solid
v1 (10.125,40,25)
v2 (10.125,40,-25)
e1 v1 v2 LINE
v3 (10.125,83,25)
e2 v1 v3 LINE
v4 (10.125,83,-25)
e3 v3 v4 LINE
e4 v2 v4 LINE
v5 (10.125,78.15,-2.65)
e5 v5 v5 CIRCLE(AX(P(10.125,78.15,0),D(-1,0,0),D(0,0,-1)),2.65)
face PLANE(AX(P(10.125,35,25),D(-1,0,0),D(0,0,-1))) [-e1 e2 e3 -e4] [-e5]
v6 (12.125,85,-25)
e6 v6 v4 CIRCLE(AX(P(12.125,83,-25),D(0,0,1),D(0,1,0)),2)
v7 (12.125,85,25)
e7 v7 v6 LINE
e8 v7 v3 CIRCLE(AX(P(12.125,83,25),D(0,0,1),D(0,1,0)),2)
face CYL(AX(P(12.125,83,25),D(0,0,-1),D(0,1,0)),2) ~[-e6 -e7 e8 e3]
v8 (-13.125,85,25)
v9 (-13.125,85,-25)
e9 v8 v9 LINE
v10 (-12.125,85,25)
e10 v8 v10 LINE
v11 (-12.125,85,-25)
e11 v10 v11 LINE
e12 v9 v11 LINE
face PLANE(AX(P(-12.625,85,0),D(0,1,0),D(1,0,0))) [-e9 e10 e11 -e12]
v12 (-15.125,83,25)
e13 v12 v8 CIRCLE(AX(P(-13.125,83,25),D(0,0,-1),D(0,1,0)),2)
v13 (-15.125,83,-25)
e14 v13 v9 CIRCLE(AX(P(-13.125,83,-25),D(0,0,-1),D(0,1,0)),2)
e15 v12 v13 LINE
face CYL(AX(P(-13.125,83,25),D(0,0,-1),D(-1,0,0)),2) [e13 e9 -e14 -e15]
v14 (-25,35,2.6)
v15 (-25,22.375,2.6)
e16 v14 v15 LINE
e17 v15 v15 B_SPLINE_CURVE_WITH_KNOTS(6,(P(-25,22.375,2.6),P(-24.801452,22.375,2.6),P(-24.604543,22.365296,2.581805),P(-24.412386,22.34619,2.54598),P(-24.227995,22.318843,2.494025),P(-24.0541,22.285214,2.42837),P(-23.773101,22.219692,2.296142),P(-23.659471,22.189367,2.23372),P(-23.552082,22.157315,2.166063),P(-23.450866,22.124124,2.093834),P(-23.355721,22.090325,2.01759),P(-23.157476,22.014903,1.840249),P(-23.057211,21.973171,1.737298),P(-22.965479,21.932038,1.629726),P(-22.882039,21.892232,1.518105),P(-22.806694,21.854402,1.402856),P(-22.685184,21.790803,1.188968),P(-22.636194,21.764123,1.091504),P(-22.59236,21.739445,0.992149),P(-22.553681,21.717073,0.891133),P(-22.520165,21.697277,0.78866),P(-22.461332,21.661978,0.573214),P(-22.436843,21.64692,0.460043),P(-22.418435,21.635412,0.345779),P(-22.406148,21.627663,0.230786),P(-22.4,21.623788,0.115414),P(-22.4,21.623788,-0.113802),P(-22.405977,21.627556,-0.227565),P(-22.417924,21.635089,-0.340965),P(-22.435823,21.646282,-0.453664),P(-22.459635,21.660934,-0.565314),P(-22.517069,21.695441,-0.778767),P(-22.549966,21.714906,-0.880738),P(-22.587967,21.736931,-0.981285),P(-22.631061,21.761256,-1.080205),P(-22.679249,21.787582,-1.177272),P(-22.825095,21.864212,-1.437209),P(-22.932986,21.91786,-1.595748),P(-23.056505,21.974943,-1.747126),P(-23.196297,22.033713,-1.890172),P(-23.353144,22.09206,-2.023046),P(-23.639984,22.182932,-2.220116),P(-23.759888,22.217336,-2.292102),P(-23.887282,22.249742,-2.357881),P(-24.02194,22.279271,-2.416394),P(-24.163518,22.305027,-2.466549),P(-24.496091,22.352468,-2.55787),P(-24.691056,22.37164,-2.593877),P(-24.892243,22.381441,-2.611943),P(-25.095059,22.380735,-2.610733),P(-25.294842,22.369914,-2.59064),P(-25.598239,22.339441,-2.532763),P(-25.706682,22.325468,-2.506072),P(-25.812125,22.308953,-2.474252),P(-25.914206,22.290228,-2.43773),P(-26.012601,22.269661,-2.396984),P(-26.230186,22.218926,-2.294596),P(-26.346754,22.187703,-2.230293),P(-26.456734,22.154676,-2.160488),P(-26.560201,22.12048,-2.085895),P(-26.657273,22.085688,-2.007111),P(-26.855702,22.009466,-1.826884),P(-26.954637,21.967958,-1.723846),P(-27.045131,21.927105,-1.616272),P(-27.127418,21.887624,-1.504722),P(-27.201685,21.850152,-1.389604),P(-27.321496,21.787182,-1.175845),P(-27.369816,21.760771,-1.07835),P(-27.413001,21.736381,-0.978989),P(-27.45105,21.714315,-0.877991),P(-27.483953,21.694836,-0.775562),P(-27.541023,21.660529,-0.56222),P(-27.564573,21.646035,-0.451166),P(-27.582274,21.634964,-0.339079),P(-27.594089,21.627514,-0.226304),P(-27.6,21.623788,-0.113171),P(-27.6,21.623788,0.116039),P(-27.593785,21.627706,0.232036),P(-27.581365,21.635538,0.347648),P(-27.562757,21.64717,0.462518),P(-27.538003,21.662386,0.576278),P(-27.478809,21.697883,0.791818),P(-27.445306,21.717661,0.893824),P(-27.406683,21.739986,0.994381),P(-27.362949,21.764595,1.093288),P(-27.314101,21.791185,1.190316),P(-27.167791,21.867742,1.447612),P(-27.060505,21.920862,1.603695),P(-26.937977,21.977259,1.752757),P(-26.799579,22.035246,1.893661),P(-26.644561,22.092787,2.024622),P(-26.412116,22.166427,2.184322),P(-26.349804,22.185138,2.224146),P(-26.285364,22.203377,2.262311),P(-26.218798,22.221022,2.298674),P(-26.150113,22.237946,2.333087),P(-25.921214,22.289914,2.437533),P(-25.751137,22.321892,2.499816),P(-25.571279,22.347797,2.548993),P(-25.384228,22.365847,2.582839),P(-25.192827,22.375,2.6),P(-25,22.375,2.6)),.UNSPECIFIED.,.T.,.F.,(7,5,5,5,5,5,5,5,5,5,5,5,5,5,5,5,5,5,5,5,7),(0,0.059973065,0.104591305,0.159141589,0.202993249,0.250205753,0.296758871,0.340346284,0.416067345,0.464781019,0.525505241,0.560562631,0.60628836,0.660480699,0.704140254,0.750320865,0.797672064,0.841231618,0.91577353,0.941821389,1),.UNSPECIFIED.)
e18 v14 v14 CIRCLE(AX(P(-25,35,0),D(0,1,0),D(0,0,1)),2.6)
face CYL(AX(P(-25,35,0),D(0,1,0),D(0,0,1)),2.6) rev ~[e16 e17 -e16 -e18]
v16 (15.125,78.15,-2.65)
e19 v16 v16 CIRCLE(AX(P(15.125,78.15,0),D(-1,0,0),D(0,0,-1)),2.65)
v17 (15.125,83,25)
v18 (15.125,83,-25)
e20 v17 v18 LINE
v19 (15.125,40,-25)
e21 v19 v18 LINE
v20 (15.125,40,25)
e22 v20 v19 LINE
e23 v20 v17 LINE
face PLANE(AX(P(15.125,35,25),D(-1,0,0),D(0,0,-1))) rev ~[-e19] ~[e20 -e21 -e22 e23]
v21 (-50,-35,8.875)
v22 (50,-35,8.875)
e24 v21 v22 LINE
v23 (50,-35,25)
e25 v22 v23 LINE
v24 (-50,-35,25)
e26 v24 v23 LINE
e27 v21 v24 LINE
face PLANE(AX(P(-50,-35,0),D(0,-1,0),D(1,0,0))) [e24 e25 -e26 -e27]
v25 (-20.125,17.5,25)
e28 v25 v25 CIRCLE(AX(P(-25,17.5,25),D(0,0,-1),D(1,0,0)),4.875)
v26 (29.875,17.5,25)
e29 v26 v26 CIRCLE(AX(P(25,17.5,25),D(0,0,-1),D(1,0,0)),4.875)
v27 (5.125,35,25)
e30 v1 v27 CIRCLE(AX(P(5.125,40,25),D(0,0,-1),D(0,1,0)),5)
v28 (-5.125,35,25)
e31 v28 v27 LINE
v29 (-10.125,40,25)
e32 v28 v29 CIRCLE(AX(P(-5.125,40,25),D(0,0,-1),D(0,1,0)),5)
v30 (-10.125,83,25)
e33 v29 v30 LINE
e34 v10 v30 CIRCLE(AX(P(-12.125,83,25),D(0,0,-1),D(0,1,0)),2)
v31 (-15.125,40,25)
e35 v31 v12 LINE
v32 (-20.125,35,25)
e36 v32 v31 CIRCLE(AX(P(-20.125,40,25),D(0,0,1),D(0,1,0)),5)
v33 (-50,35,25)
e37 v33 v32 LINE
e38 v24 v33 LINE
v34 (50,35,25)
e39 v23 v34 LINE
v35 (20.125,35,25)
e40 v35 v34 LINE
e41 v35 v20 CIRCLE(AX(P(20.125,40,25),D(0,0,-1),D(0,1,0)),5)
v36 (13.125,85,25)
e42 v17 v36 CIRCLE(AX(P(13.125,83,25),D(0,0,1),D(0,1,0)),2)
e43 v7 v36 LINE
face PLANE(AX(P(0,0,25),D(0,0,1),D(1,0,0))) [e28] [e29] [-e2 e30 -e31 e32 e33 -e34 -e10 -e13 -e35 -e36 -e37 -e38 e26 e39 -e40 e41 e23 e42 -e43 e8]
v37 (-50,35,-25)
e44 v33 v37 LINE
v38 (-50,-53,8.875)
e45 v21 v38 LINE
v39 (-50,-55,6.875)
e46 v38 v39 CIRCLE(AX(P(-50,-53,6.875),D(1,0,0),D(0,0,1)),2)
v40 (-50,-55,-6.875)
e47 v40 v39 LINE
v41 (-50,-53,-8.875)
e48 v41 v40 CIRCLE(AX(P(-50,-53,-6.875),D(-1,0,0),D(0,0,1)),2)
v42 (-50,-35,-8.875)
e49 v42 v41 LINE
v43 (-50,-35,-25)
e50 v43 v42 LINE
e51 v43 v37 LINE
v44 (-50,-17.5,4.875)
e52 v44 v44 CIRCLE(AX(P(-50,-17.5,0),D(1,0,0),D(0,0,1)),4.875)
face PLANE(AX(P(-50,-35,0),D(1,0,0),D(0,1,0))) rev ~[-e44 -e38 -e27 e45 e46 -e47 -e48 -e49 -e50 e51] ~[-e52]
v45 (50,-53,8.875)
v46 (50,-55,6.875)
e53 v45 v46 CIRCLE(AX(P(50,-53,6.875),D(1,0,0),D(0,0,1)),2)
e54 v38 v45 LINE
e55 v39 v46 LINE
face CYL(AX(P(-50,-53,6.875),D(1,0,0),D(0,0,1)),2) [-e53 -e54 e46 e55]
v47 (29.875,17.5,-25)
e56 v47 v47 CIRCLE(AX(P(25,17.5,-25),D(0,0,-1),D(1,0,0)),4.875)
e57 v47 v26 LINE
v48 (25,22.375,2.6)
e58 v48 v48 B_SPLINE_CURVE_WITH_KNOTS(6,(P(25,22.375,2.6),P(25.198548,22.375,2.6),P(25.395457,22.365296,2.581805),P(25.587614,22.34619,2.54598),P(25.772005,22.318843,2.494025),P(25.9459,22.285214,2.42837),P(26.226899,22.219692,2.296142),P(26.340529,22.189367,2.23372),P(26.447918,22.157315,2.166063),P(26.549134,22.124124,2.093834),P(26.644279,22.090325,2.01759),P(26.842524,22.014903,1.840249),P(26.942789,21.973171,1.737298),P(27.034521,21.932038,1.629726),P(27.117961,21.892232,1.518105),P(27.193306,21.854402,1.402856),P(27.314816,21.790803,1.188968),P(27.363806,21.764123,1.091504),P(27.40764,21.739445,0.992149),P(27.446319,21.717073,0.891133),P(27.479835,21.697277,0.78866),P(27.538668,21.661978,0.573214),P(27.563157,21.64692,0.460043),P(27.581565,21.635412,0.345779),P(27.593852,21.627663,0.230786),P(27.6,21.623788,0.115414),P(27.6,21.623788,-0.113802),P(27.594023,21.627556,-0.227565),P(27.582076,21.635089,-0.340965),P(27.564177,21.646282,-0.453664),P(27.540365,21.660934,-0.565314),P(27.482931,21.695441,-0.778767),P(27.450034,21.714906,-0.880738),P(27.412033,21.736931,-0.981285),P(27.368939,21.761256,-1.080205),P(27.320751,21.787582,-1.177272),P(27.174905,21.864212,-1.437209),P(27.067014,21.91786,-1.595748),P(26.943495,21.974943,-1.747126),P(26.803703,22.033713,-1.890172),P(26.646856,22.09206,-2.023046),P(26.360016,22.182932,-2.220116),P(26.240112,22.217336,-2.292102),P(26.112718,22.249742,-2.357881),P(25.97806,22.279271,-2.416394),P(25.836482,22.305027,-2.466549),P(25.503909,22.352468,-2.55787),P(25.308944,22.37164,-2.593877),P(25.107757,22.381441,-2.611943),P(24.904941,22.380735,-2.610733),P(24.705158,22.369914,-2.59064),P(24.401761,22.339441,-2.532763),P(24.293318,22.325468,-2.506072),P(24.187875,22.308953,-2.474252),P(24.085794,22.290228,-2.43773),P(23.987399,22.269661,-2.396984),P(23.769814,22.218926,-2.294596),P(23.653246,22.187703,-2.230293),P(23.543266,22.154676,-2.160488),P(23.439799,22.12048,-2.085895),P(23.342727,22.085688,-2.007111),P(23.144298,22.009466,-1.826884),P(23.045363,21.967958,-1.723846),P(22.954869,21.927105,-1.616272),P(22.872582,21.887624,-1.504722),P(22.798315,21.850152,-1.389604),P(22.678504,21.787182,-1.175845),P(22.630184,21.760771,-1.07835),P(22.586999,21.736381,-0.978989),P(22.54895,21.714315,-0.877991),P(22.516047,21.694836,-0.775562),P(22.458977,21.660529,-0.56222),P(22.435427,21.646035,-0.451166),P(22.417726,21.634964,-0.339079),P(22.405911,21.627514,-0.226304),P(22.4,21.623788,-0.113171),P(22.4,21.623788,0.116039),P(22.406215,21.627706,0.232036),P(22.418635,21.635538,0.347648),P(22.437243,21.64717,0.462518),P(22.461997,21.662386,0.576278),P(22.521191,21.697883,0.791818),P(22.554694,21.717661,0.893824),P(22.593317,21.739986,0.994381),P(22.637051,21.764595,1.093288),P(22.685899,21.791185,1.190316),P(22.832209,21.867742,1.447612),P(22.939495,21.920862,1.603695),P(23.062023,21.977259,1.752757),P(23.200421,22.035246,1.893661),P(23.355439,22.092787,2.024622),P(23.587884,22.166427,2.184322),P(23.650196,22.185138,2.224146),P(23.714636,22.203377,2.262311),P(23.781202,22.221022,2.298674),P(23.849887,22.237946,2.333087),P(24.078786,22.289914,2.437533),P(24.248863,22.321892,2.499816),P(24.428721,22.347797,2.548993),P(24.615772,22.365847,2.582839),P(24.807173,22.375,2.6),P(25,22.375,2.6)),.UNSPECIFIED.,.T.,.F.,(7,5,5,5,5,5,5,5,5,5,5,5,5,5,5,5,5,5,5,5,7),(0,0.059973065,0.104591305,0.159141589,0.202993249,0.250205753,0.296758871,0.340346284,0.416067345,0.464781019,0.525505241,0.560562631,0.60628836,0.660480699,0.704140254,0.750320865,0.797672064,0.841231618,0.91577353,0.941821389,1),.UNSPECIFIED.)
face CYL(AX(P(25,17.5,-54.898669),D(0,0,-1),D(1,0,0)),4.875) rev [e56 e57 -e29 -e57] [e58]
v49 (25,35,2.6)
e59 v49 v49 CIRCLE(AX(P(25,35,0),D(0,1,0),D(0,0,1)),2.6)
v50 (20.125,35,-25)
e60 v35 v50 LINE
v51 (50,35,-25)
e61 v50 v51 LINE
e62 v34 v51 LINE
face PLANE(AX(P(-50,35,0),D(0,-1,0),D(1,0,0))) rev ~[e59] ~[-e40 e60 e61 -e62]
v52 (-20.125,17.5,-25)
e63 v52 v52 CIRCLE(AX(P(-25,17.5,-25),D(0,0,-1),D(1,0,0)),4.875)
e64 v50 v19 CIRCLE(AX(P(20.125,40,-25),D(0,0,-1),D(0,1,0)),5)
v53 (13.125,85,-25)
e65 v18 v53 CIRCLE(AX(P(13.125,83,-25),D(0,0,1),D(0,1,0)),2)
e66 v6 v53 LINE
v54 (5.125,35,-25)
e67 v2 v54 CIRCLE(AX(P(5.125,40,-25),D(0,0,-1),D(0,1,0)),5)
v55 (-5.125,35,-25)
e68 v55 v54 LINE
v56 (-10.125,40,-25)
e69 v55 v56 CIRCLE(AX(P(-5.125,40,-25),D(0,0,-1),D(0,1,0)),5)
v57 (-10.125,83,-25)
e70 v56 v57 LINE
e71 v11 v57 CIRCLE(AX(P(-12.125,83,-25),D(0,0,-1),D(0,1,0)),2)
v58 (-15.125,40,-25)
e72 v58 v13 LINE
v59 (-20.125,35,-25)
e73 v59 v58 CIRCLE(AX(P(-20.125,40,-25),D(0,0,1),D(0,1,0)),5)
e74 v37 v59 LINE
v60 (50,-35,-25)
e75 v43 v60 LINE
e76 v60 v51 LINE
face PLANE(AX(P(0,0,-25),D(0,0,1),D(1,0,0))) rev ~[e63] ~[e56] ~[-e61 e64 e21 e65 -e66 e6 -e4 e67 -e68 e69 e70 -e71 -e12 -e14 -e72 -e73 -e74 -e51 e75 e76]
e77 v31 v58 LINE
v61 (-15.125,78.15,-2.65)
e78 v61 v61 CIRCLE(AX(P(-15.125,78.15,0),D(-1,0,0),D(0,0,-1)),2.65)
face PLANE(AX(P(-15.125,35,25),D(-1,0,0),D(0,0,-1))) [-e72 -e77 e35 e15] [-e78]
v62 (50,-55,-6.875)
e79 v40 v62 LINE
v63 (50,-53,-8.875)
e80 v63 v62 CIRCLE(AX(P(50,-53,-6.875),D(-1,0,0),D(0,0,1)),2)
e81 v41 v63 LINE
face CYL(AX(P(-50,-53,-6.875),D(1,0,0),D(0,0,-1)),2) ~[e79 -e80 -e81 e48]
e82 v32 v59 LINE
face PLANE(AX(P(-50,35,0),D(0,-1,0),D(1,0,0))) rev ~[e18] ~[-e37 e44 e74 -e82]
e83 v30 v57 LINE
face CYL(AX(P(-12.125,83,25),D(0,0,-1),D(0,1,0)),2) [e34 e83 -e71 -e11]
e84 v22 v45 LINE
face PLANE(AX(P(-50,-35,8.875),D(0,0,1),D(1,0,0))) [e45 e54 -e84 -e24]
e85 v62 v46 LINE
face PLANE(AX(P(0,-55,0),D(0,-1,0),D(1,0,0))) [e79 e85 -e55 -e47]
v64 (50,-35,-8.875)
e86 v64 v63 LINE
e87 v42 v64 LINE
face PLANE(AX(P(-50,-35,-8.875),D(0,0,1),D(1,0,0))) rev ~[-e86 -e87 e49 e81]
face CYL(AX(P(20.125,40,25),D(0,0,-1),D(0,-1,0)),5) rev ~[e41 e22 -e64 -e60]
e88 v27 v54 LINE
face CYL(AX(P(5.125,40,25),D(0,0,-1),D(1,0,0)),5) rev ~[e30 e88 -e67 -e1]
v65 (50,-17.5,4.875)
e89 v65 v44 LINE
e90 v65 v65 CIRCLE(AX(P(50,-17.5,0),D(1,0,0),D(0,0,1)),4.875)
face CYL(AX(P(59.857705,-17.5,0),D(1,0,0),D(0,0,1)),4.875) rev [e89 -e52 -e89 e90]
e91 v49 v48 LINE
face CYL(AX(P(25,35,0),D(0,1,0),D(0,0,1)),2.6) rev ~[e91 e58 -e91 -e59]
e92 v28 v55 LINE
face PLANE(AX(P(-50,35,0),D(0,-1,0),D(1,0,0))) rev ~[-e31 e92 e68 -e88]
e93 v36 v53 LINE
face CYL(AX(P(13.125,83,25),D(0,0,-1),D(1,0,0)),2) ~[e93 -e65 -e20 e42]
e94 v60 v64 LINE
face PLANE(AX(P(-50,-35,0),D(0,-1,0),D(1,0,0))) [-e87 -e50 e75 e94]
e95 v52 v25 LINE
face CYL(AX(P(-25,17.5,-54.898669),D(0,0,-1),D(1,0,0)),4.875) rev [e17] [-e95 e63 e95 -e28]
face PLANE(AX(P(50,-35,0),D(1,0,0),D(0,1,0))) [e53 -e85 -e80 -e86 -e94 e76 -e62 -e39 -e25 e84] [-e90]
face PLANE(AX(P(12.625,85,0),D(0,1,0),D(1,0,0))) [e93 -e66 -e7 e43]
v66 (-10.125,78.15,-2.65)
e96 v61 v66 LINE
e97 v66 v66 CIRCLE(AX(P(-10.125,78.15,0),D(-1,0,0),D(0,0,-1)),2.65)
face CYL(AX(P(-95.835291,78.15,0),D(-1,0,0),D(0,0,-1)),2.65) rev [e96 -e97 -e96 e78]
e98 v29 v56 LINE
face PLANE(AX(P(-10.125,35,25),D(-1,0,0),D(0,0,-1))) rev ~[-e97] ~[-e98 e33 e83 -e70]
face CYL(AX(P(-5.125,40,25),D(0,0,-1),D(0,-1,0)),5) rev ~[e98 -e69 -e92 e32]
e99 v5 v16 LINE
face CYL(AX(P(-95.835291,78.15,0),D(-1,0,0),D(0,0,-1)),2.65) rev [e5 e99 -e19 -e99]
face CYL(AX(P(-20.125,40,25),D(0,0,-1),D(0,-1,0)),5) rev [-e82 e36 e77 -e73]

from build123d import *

# Parameters (mm, degrees)
SKETCH1_W               = 100
SKETCH1_H               = 70
BOSS_EXTRUDE1_DEPTH     = 25
CUT_EXTRUDE1_DEPTH      = 79.89866919
CUT_EXTRUDE1_DEPTH_BACK = 79.89866919
SKETCH2_R               = 4.875
CUT_EXTRUDE2_DEPTH      = 109.857705285
CUT_EXTRUDE2_DEPTH_BACK = 109.857705285
SKETCH3_R               = 4.875
SKETCH4_R               = 2.6
CUT_EXTRUDE4_DEPTH      = 20
SKETCH5_W               = 100
SKETCH5_H               = 17.75
BOSS_EXTRUDE2_DEPTH     = 20
FILLET1_R               = 2
SKETCH6_W               = 5
SKETCH6_H               = 50
BOSS_EXTRUDE3_DEPTH     = 50
CUT_EXTRUDE5_DEPTH      = 110.960291151
CUT_EXTRUDE5_DEPTH_BACK = 110.960291151
SKETCH7_R               = 2.65
FILLET2_R               = 5
FILLET3_R               = 2


with BuildPart() as part:
    # Sketch1 → Boss-Extrude1 (new, symmetric)
    with BuildSketch(Plane.XY):
        Rectangle(SKETCH1_W, SKETCH1_H)
    extrude(amount=BOSS_EXTRUDE1_DEPTH, both=True)

    # Sketch2 → Cut-Extrude1 (cut, two sides: drawn at the far end of the back side and taken through both)
    with BuildSketch(Plane.XY.offset(25).offset(-CUT_EXTRUDE1_DEPTH_BACK)):
        with Locations((25, 17.5)):
            Circle(SKETCH2_R)
        with Locations((-25, 17.5)):
            Circle(SKETCH2_R)
    extrude(amount=CUT_EXTRUDE1_DEPTH + CUT_EXTRUDE1_DEPTH_BACK, mode=Mode.SUBTRACT)

    # Sketch3 → Cut-Extrude2 (cut, two sides: drawn at the far end of the back side and taken through both)
    with BuildSketch(Plane.ZY.offset(50).offset(-CUT_EXTRUDE2_DEPTH_BACK)):
        with Locations((0, -17.5)):
            Circle(SKETCH3_R)
    extrude(amount=CUT_EXTRUDE2_DEPTH + CUT_EXTRUDE2_DEPTH_BACK, mode=Mode.SUBTRACT)

    # Sketch4 → Cut-Extrude4 (cut)
    with BuildSketch(Plane(origin=(0, 35, 0), x_dir=(1, 0, 0), z_dir=(0, 1, 0))):
        with Locations(Location((-25, 0, 0), (0, 0, 270))):
            Circle(SKETCH4_R)
        with Locations(Location((25, 0, 0), (0, 0, 270))):
            Circle(SKETCH4_R)
    extrude(amount=-CUT_EXTRUDE4_DEPTH, mode=Mode.SUBTRACT)

    # Sketch5 → Boss-Extrude2 (add)
    with BuildSketch(Plane.XZ.offset(35)):
        Rectangle(SKETCH5_W, SKETCH5_H)
    extrude(amount=BOSS_EXTRUDE2_DEPTH)

    # Fillet1
    fillet1_edges = [part.edges().sort_by_distance(p)[0] for p in [
        (0, -55, 8.875),
        (0, -55, -8.875),
    ]]
    fillet(fillet1_edges, radius=FILLET1_R)

    # Sketch6 → Boss-Extrude3 (add)
    with BuildSketch(Plane(origin=(0, 35, 0), x_dir=(1, 0, 0), z_dir=(0, 1, 0))):
        with Locations((-12.625, 0)):
            Rectangle(SKETCH6_W, SKETCH6_H)
        with Locations((12.625, 0)):
            Rectangle(SKETCH6_W, SKETCH6_H)
    extrude(amount=BOSS_EXTRUDE3_DEPTH)

    # Sketch7 → Cut-Extrude5 (cut, two sides: drawn at the far end of the back side and taken through both)
    with BuildSketch(Plane(origin=(15.125, 0, 0), x_dir=(0, 0, -1), z_dir=(1, 0, 0)).offset(-CUT_EXTRUDE5_DEPTH_BACK)):
        with Locations((0, 78.15)):
            Circle(SKETCH7_R)
    extrude(amount=CUT_EXTRUDE5_DEPTH + CUT_EXTRUDE5_DEPTH_BACK, mode=Mode.SUBTRACT)

    # Fillet2
    fillet2_edges = [part.edges().sort_by_distance(p)[0] for p in [
        (15.125, 35, 0),
        (10.125, 35, 0),
        (-15.125, 35, 0),
        (-10.125, 35, 0),
    ]]
    fillet(fillet2_edges, radius=FILLET2_R)

    # Fillet3
    fillet3_edges = [part.edges().sort_by_distance(p)[0] for p in [
        (15.125, 85, 0),
        (10.125, 85, 0),
        (-15.125, 85, 0),
        (-10.125, 85, 0),
    ]]
    fillet(fillet3_edges, radius=FILLET3_R)


solid = part.part
